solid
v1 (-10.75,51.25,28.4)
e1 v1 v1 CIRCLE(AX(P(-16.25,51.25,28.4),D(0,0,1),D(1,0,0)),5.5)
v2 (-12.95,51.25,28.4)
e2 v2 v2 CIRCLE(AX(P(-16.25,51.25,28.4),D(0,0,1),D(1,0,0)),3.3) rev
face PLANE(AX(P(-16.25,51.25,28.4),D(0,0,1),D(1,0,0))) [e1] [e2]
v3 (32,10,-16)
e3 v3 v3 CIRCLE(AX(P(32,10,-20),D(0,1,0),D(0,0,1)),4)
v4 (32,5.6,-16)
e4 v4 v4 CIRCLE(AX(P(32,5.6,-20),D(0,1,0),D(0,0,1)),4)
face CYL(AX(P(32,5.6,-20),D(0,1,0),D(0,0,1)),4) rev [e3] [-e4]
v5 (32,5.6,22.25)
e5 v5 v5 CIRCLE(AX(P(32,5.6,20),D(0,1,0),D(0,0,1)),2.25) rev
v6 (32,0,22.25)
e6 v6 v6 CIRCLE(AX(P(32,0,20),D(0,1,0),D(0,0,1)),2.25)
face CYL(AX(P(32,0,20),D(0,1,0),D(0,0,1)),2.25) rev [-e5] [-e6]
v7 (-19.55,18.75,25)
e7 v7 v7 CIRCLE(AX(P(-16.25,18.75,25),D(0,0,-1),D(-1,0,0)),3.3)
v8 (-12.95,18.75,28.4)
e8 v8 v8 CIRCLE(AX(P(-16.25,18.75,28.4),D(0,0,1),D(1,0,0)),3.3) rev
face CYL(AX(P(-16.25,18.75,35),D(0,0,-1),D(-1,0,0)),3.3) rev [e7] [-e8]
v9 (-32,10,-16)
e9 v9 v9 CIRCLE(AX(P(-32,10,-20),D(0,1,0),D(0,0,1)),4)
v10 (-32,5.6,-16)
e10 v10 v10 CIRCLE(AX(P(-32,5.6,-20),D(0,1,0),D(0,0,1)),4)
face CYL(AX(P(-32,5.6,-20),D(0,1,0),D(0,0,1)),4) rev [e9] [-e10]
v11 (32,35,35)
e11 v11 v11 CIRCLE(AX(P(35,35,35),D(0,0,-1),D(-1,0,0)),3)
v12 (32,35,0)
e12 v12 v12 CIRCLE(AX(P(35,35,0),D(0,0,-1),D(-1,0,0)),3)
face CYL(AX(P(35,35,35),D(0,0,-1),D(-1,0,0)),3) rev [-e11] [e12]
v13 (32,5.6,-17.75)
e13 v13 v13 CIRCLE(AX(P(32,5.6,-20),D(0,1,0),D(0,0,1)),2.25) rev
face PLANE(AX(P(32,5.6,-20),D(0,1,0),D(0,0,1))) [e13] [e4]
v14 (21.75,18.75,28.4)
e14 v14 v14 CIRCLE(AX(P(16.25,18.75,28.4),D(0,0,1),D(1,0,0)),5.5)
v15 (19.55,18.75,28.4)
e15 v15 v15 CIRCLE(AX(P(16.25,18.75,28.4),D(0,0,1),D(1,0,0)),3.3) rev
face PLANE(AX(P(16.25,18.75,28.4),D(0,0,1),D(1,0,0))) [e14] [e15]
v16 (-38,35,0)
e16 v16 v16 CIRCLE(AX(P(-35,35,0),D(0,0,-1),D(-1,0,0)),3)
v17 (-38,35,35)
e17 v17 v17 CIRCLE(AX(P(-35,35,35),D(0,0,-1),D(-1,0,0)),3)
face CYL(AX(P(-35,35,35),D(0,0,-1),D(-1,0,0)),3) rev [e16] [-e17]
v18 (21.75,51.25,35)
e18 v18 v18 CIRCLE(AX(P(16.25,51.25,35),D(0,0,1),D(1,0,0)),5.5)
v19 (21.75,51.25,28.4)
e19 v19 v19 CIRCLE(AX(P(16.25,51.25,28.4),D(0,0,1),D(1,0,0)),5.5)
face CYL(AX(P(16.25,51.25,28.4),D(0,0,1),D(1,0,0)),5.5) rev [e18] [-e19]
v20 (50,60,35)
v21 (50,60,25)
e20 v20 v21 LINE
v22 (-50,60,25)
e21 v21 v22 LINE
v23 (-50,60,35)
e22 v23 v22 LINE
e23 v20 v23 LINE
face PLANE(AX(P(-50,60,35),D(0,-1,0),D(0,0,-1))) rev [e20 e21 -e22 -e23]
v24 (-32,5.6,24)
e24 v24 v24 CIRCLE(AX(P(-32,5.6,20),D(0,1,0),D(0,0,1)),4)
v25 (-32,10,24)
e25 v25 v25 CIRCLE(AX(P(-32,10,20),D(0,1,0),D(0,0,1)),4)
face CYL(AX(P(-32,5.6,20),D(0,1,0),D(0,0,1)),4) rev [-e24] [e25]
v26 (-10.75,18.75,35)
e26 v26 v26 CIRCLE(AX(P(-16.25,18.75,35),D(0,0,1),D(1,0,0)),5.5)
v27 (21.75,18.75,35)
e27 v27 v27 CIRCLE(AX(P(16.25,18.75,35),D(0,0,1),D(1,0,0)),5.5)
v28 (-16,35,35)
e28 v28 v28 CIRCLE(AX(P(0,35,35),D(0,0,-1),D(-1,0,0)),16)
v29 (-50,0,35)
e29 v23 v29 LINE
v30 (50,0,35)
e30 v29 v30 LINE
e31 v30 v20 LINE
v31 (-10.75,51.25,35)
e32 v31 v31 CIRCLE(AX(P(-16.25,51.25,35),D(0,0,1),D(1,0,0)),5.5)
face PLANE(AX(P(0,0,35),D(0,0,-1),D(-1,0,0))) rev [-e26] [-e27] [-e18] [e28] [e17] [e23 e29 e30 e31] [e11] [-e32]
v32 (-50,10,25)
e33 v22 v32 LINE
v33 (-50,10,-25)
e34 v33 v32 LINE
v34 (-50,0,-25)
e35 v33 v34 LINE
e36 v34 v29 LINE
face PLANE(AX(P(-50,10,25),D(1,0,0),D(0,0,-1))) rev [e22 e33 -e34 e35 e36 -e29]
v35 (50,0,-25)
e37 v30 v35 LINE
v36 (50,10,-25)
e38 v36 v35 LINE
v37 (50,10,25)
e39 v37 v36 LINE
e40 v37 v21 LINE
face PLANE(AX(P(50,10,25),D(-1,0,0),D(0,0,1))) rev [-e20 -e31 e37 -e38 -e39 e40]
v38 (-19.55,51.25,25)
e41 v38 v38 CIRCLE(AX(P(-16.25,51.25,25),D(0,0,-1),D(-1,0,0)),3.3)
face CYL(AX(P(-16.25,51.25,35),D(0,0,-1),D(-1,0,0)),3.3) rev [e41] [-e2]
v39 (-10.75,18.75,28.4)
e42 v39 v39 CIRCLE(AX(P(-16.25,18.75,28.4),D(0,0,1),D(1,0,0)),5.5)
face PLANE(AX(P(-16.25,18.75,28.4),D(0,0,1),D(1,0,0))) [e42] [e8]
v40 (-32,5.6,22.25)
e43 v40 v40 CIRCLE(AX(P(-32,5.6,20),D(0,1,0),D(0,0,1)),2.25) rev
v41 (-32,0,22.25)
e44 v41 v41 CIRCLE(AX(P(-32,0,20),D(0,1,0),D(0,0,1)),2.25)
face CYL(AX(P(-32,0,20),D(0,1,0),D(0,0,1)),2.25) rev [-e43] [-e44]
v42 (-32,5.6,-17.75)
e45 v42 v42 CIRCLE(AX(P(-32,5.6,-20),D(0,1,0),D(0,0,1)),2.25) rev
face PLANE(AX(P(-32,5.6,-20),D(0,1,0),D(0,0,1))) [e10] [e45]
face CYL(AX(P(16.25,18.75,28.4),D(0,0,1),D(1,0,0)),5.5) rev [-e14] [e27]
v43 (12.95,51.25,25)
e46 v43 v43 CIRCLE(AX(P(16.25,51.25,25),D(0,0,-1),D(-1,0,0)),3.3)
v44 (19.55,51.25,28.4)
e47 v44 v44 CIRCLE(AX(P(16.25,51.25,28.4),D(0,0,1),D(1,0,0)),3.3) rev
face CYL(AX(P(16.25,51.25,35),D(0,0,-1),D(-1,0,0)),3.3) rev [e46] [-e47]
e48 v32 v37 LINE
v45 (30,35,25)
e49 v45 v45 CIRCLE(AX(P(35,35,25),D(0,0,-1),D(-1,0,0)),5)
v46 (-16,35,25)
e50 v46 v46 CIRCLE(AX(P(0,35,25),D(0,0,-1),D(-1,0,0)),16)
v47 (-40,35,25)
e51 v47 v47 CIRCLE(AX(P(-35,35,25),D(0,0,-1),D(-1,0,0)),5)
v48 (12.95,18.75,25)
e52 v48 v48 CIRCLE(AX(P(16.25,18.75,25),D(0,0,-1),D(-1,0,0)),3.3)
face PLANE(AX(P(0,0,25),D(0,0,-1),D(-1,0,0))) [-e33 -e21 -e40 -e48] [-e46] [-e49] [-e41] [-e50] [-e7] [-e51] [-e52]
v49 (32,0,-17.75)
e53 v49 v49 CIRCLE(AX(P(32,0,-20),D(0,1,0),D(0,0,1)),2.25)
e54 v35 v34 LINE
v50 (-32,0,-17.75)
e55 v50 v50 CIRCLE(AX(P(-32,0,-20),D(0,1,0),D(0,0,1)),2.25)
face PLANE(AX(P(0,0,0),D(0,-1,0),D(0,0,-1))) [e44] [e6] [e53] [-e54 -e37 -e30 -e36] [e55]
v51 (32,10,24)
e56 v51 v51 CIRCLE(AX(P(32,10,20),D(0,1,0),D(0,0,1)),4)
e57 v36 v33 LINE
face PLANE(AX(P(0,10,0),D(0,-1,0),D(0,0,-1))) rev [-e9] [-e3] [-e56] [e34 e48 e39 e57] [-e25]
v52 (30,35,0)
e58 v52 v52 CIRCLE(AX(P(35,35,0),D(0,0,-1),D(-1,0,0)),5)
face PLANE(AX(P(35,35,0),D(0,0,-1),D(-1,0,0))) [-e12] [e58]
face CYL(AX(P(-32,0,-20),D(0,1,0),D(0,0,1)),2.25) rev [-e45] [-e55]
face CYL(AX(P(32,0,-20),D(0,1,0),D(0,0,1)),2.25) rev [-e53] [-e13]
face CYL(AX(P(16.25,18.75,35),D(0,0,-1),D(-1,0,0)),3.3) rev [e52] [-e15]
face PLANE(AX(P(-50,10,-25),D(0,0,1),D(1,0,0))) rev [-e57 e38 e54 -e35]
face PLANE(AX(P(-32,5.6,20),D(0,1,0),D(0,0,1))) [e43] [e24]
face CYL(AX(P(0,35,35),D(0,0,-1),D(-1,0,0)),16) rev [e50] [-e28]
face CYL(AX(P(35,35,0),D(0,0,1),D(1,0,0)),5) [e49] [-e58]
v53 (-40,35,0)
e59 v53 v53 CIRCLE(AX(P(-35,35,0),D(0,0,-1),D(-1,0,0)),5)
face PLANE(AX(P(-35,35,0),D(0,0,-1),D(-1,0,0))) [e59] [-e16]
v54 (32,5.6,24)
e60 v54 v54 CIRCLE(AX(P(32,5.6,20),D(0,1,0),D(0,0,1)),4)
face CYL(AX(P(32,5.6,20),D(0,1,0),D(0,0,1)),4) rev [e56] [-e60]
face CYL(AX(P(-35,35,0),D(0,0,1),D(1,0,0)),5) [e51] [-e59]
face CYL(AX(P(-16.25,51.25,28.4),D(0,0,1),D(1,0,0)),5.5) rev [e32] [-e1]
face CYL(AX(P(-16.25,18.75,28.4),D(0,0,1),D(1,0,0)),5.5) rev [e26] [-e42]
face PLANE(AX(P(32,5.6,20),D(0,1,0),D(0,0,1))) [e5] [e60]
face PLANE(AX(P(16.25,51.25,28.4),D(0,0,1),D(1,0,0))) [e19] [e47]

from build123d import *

# Parameters (mm, degrees)
SKETCH1_W           = 100
SKETCH1_H           = 50
BOSS_EXTRUDE1_DEPTH = 10
SKETCH2_R           = 2.25
CUT_EXTRUDE1_DEPTH  = 11
SKETCH3_R           = 4
CUT_EXTRUDE2_DEPTH  = 4.4
SKETCH4_W           = 100
SKETCH4_H           = 60
BOSS_EXTRUDE2_DEPTH = 10
SKETCH5_R           = 16
CUT_EXTRUDE3_DEPTH  = 11
SKETCH6_R           = 3.3
CUT_EXTRUDE4_DEPTH  = 11
SKETCH7_R           = 5.5
CUT_EXTRUDE5_DEPTH  = 6.6
SKETCH8_R           = 3
CUT_EXTRUDE6_DEPTH  = 11
SKETCH9_R           = 5
SKETCH9_R_2         = 3
BOSS_EXTRUDE3_DEPTH = 25


with BuildPart() as part:
    # Sketch1 → Boss-Extrude1 (new body)
    with BuildSketch(Plane(origin=(0, 0, 0), x_dir=(1, 0, 0), z_dir=(0, 1, 0))):
        Rectangle(SKETCH1_W, SKETCH1_H)
    extrude(amount=BOSS_EXTRUDE1_DEPTH)

    # Sketch2 → Cut-Extrude1 (cut, through all)
    with BuildSketch(Plane(origin=(0, 10, 0), x_dir=(1, 0, 0), z_dir=(0, 1, 0))):
        with Locations((32, 20)):
            Circle(SKETCH2_R)
        with Locations((32, -20)):
            Circle(SKETCH2_R)
        with Locations((-32, 20)):
            Circle(SKETCH2_R)
        with Locations((-32, -20)):
            Circle(SKETCH2_R)
    extrude(amount=-CUT_EXTRUDE1_DEPTH, mode=Mode.SUBTRACT)

    # Sketch3 → Cut-Extrude2 (cut)
    with BuildSketch(Plane(origin=(0, 10, 0), x_dir=(1, 0, 0), z_dir=(0, 1, 0))):
        with Locations((32, 20)):
            Circle(SKETCH3_R)
        with Locations((32, -20)):
            Circle(SKETCH3_R)
        with Locations((-32, 20)):
            Circle(SKETCH3_R)
        with Locations((-32, -20)):
            Circle(SKETCH3_R)
    extrude(amount=-CUT_EXTRUDE2_DEPTH, mode=Mode.SUBTRACT)

    # Sketch4 → Boss-Extrude2 (add)
    with BuildSketch(Plane.XY.offset(25)):
        with Locations((0, 30)):
            Rectangle(SKETCH4_W, SKETCH4_H)
    extrude(amount=BOSS_EXTRUDE2_DEPTH)

    # Sketch5 → Cut-Extrude3 (cut, through all)
    with BuildSketch(Plane(origin=(0, 0, 25), x_dir=(-1, 0, 0), z_dir=(0, 0, -1))):
        with Locations((0, 35)):
            Circle(SKETCH5_R)
    extrude(amount=-CUT_EXTRUDE3_DEPTH, mode=Mode.SUBTRACT)

    # Sketch6 → Cut-Extrude4 (cut, through all)
    with BuildSketch(Plane(origin=(0, 0, 25), x_dir=(-1, 0, 0), z_dir=(0, 0, -1))):
        with Locations((-16.25, 51.25)):
            Circle(SKETCH6_R)
        with Locations((-16.25, 18.75)):
            Circle(SKETCH6_R)
        with Locations((16.25, 18.75)):
            Circle(SKETCH6_R)
        with Locations((16.25, 51.25)):
            Circle(SKETCH6_R)
    extrude(amount=-CUT_EXTRUDE4_DEPTH, mode=Mode.SUBTRACT)

    # Sketch7 → Cut-Extrude5 (cut)
    with BuildSketch(Plane.XY.offset(35)):
        with Locations((-16.25, 51.25)):
            Circle(SKETCH7_R)
        with Locations((16.25, 51.25)):
            Circle(SKETCH7_R)
        with Locations((16.25, 18.75)):
            Circle(SKETCH7_R)
        with Locations((-16.25, 18.75)):
            Circle(SKETCH7_R)
    extrude(amount=-CUT_EXTRUDE5_DEPTH, mode=Mode.SUBTRACT)

    # Sketch8 → Cut-Extrude6 (cut, through all)
    with BuildSketch(Plane(origin=(0, 0, 25), x_dir=(-1, 0, 0), z_dir=(0, 0, -1))):
        with Locations((-35, 35)):
            Circle(SKETCH8_R)
        with Locations((35, 35)):
            Circle(SKETCH8_R)
    extrude(amount=-CUT_EXTRUDE6_DEPTH, mode=Mode.SUBTRACT)

    # Sketch9 → Boss-Extrude3 (add)
    with BuildSketch(Plane(origin=(0, 0, 25), x_dir=(-1, 0, 0), z_dir=(0, 0, -1))):
        with Locations((-35, 35)):
            Circle(SKETCH9_R)
        with Locations((-35, 35)):
            Circle(SKETCH9_R_2, mode=Mode.SUBTRACT)
        with Locations((35, 35)):
            Circle(SKETCH9_R)
        with Locations((35, 35)):
            Circle(SKETCH9_R_2, mode=Mode.SUBTRACT)
    extrude(amount=BOSS_EXTRUDE3_DEPTH)


solid = part.part
